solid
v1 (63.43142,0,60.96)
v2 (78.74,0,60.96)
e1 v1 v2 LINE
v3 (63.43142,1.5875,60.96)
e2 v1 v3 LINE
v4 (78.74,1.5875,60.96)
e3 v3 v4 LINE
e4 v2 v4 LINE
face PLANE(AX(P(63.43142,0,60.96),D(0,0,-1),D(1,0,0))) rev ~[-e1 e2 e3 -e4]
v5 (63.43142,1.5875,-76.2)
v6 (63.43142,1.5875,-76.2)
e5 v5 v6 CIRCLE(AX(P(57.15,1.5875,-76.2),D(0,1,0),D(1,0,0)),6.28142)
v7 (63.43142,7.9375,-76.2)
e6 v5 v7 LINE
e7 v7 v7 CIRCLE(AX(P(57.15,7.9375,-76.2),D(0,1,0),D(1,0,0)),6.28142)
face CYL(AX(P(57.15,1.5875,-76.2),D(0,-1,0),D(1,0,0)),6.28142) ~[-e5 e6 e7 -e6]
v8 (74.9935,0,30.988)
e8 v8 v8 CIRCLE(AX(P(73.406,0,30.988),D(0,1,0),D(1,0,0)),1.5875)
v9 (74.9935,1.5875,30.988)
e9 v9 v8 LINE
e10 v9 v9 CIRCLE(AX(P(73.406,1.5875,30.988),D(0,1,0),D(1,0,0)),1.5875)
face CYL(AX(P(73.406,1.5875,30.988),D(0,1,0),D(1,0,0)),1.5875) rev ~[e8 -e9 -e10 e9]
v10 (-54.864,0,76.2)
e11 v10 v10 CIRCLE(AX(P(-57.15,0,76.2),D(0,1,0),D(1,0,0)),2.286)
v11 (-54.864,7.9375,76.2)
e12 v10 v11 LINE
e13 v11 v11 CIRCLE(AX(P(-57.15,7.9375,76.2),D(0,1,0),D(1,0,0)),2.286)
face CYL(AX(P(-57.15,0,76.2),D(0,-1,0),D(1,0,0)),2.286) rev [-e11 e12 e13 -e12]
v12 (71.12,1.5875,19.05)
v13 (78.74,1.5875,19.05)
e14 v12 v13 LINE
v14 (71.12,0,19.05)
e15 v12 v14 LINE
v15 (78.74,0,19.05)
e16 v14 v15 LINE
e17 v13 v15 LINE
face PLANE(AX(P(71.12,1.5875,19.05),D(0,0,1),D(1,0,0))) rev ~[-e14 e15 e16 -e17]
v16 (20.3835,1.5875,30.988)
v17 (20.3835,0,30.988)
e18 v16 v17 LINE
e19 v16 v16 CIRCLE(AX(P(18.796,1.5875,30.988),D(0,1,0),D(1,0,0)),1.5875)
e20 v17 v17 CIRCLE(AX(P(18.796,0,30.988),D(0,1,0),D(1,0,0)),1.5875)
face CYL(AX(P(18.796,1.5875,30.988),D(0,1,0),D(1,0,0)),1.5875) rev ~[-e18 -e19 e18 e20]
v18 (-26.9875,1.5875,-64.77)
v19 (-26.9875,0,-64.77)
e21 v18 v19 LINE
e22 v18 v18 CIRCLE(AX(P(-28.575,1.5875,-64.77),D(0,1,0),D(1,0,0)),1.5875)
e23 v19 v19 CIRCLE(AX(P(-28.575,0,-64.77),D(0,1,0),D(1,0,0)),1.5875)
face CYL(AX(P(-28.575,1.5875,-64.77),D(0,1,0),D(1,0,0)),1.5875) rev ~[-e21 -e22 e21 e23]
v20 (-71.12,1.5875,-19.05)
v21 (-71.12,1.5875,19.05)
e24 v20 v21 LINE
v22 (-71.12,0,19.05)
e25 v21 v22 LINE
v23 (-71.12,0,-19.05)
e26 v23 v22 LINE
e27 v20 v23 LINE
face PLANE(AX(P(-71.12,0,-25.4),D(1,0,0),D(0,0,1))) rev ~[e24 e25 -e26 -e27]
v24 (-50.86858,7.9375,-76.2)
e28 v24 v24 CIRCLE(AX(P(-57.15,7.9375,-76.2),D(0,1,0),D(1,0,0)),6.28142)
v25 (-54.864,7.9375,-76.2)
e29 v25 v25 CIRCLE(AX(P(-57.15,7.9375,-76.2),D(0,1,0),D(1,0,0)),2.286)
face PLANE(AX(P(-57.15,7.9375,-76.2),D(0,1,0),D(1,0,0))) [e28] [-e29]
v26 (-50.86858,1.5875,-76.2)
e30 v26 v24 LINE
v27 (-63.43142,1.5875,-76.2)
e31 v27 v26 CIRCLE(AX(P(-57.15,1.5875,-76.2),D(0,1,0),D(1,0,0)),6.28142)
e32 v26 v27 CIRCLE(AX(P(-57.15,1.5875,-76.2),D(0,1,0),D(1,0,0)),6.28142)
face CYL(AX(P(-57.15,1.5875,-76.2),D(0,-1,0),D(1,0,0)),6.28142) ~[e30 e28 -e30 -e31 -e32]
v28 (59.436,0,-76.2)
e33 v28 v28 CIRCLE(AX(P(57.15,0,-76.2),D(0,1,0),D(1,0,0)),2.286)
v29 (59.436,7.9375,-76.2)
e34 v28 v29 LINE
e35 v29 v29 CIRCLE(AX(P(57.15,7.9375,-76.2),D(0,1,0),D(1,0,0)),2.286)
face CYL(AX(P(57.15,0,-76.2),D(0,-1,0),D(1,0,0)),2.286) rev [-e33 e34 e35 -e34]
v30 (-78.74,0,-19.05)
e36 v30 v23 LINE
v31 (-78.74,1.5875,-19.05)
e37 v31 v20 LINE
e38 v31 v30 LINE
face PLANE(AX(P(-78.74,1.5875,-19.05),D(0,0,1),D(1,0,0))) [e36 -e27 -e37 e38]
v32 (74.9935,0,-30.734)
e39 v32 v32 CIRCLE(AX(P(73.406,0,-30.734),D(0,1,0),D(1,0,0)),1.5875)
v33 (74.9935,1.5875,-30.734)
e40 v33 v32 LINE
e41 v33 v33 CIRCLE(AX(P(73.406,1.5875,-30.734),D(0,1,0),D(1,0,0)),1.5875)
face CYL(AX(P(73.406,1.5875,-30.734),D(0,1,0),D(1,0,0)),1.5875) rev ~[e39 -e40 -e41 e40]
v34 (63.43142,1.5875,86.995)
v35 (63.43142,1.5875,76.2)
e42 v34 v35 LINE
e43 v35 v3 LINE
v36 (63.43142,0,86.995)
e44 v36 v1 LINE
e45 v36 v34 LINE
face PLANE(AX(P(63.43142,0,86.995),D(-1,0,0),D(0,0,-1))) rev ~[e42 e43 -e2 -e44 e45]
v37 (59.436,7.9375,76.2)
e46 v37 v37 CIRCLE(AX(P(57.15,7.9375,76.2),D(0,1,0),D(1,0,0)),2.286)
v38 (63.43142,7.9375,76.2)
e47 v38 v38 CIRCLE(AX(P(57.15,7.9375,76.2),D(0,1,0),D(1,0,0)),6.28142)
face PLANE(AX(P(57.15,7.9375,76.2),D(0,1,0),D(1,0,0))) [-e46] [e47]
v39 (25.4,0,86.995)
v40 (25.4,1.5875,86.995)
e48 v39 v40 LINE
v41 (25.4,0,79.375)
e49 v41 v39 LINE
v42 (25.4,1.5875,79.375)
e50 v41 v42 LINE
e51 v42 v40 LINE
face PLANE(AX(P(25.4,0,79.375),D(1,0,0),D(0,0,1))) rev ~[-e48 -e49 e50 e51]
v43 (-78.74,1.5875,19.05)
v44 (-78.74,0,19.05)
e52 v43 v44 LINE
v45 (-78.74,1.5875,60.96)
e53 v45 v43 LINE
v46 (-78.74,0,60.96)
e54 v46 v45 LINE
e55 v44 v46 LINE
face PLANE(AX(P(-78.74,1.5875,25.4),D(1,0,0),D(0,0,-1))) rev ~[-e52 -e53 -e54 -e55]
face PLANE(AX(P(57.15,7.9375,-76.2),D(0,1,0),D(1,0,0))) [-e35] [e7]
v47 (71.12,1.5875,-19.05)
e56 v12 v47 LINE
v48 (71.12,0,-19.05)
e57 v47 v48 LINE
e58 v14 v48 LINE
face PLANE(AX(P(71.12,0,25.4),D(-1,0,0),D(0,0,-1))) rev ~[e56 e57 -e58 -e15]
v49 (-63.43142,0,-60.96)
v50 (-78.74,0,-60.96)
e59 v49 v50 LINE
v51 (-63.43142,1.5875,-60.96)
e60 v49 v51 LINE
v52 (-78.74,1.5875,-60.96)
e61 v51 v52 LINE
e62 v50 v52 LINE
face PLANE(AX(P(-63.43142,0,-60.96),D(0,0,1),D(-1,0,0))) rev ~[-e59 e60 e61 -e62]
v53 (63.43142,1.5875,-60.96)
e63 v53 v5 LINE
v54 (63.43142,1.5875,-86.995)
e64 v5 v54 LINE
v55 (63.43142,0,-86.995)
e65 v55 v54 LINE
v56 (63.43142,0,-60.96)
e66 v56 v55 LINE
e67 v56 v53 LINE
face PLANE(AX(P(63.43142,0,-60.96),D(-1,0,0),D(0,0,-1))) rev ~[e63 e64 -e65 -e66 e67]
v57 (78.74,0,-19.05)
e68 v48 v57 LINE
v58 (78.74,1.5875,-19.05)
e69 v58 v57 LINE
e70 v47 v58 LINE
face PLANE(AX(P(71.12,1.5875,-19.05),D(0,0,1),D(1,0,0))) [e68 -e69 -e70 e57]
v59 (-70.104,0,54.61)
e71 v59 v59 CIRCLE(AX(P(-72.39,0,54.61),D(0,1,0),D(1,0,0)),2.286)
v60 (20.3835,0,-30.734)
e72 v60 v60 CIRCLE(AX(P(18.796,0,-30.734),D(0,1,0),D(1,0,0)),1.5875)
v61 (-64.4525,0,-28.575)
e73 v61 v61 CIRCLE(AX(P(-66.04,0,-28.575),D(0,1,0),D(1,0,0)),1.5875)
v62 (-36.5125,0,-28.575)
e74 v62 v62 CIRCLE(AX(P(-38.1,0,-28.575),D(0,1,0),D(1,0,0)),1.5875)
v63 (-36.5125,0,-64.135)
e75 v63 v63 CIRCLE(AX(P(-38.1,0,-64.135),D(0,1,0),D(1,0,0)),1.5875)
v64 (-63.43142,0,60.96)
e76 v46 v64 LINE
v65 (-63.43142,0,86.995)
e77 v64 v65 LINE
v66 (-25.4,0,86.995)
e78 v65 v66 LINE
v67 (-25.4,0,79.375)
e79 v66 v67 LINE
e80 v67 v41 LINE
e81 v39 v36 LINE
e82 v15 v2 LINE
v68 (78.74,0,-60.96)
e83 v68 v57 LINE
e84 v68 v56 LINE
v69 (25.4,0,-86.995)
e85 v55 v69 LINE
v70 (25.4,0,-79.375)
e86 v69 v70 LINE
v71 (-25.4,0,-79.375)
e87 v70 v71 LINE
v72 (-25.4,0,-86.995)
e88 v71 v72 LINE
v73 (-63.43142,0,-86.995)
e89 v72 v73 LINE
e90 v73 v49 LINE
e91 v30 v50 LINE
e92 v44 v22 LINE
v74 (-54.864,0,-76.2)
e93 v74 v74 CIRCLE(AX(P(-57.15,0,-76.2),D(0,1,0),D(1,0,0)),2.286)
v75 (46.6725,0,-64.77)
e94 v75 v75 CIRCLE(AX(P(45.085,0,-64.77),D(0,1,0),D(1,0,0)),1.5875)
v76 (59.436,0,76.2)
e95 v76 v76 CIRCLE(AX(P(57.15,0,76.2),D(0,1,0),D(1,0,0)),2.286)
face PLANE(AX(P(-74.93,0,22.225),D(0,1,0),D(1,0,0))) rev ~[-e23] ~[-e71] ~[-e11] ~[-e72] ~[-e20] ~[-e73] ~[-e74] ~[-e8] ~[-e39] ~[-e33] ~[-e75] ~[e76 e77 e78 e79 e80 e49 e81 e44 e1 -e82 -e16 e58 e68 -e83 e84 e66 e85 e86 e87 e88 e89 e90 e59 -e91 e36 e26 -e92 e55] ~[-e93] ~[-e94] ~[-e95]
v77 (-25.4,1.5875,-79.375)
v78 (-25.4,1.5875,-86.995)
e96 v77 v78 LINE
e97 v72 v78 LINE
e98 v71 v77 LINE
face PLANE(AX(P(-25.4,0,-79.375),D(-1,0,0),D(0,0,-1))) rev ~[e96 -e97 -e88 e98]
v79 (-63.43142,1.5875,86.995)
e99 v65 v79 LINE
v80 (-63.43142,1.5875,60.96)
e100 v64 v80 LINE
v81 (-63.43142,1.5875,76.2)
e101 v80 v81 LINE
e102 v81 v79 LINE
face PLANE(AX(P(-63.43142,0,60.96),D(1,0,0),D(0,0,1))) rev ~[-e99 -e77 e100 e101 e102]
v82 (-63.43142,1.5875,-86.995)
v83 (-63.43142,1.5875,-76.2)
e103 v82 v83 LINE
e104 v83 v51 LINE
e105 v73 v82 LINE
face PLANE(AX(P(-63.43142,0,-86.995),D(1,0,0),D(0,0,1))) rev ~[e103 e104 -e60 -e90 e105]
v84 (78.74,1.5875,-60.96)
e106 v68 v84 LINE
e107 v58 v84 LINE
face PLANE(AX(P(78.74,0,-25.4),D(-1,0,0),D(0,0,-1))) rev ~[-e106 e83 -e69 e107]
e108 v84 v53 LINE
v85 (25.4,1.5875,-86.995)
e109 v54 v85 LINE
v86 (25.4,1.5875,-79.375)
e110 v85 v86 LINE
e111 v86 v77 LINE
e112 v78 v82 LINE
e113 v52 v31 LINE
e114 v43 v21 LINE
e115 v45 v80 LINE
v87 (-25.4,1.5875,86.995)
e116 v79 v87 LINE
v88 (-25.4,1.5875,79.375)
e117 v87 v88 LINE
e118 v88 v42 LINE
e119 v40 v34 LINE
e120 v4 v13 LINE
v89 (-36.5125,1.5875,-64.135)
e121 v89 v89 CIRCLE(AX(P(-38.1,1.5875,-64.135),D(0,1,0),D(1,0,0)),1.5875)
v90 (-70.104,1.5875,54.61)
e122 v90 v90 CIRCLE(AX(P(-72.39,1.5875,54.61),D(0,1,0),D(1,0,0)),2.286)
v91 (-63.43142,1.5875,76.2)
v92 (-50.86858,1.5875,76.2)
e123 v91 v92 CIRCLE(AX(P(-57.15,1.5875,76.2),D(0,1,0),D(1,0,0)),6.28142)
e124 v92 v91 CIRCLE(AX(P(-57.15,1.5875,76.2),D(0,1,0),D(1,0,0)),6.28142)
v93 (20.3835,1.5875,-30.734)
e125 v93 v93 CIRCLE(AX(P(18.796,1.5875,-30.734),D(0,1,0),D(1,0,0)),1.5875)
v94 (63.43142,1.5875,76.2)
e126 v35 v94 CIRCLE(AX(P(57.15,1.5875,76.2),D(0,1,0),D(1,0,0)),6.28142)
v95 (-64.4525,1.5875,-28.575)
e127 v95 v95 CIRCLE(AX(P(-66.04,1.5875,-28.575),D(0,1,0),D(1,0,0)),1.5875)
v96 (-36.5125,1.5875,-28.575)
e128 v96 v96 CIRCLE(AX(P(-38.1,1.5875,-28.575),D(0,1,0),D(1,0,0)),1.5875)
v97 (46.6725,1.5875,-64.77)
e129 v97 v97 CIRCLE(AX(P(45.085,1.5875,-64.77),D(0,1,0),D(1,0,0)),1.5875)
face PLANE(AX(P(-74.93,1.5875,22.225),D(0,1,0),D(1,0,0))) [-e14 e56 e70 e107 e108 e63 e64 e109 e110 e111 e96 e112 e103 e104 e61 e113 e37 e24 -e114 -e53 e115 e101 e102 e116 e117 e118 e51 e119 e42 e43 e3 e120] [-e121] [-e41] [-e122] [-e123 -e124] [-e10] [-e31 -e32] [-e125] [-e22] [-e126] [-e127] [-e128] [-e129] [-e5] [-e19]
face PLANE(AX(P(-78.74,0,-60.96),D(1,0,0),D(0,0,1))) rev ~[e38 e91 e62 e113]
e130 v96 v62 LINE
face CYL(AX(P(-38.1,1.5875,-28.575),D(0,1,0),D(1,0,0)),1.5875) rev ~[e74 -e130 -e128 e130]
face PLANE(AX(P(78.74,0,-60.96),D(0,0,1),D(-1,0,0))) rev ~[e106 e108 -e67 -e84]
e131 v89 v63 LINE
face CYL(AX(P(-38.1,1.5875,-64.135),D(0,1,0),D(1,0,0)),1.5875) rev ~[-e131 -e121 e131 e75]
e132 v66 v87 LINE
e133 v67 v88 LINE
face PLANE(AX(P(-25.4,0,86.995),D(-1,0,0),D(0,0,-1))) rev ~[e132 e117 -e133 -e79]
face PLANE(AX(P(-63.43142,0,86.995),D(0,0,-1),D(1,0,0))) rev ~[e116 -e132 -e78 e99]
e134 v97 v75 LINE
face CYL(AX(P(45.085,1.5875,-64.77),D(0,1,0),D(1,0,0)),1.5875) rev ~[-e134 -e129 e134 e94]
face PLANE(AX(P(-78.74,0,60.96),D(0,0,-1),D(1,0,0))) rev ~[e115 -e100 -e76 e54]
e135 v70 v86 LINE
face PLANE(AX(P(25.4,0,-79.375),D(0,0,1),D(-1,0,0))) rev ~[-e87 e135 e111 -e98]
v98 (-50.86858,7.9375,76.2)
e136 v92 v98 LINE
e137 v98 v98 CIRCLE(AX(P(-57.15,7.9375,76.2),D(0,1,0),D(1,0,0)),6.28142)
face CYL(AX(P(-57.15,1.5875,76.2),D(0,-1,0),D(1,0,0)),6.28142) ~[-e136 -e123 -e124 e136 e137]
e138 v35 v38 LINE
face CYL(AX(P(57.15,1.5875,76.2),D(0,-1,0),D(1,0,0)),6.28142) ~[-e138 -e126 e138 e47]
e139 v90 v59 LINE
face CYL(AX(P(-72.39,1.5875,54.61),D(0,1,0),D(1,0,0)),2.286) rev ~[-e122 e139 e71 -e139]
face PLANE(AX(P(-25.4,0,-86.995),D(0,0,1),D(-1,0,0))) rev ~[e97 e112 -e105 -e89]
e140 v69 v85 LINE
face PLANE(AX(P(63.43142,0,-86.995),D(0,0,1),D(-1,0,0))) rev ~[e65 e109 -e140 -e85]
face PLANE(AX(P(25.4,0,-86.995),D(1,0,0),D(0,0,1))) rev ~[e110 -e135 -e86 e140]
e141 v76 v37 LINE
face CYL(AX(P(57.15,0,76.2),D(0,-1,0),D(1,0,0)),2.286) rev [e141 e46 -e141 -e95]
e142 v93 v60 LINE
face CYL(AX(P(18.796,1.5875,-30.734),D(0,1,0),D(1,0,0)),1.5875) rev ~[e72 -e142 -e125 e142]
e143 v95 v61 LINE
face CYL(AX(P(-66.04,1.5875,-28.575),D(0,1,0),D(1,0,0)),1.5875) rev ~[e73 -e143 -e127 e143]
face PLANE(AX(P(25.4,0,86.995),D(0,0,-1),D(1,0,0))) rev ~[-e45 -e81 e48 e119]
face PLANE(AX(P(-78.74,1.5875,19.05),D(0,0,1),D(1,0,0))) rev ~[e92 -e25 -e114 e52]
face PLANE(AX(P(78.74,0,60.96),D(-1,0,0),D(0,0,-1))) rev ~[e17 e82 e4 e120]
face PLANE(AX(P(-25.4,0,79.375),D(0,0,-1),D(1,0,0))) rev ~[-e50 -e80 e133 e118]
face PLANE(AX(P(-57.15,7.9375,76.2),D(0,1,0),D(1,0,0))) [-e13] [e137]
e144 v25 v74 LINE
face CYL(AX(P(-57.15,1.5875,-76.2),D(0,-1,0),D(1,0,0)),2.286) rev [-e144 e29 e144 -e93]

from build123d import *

# Parameters (mm, degrees)
SKETCH1_R            = 2.286
MAIN_BODY_DEPTH      = 1.5875
SKETCH13_R           = 6.28142
SKETCH13_R_2         = 2.286
BOSS_EXTRUDE9_DEPTH  = 6.35
CUT_EXTRUDE3_REACH   = 3.587
SKETCH5_R            = 1.5875
SKETCH5_R_2          = 2.286
SKETCH14_W           = 7.62
SKETCH14_H           = 6.35
BOSS_EXTRUDE10_DEPTH = 1.5875


with BuildPart() as part:
    # Sketch1 → Main Body (new body)
    with BuildSketch(Plane(origin=(0, 0, 0), x_dir=(1, 0, 0), z_dir=(0, 1, 0))):
        Polygon((-25.4, 86.995), (-63.43142, 86.995), (-63.43142, 60.96), (-78.74, 60.96), (-78.74, 25.4), (-71.12, 25.4), (-71.12, -25.4), (-78.74, -25.4), (-78.74, -60.96), (-63.43142, -60.96), (-63.43142, -86.995), (-25.4, -86.995), (-25.4, -79.375), (25.4, -79.375), (25.4, -86.995), (63.43142, -86.995), (63.43142, -60.96), (78.74, -60.96), (78.74, -25.4), (71.12, -25.4), (71.12, 25.4), (78.74, 25.4), (78.74, 60.96), (63.43142, 60.96), (63.43142, 86.995), (25.4, 86.995), (25.4, 79.375), (-25.4, 79.375), align=None)
        with Locations((-57.15, 76.2)):
            Circle(SKETCH1_R, mode=Mode.SUBTRACT)
        with Locations((57.15, 76.2)):
            Circle(SKETCH1_R, mode=Mode.SUBTRACT)
        with Locations((57.15, -76.2)):
            Circle(SKETCH1_R, mode=Mode.SUBTRACT)
        with Locations((-57.15, -76.2)):
            Circle(SKETCH1_R, mode=Mode.SUBTRACT)
    extrude(amount=MAIN_BODY_DEPTH)

    # Sketch13 → Boss-Extrude9 (add)
    with BuildSketch(Plane(origin=(0, 1.5875, 0), x_dir=(1, 0, 0), z_dir=(0, 1, 0))):
        with Locations((-57.15, 76.2)):
            Circle(SKETCH13_R)
        with Locations((-57.15, 76.2)):
            Circle(SKETCH13_R_2, mode=Mode.SUBTRACT)
        with Locations((-57.15, -76.2)):
            Circle(SKETCH13_R)
        with Locations((-57.15, -76.2)):
            Circle(SKETCH13_R_2, mode=Mode.SUBTRACT)
        with Locations((57.15, -76.2)):
            Circle(SKETCH13_R)
        with Locations((57.15, -76.2)):
            Circle(SKETCH13_R_2, mode=Mode.SUBTRACT)
        with Locations((57.15, 76.2)):
            Circle(SKETCH13_R)
        with Locations((57.15, 76.2)):
            Circle(SKETCH13_R_2, mode=Mode.SUBTRACT)
    extrude(amount=BOSS_EXTRUDE9_DEPTH)

    # Sketch5 → Cut-Extrude3 (cut, up to next)
    with BuildSketch(Plane(origin=(0, 1.5875, 0), x_dir=(1, 0, 0), z_dir=(0, 1, 0)), mode=Mode.PRIVATE) as cut_extrude3_sk1:
        with Locations((18.796, 30.734)):
            Circle(SKETCH5_R)
    cut_extrude3_tool1 = extrude(cut_extrude3_sk1.sketch, amount=-CUT_EXTRUDE3_REACH, mode=Mode.PRIVATE) & part.part
    add(cut_extrude3_tool1.solids().sort_by_distance((18.796, 1.5875, -30.734))[0], mode=Mode.SUBTRACT)
    # Sketch5 → Cut-Extrude3 (cut, up to next)
    with BuildSketch(Plane(origin=(0, 1.5875, 0), x_dir=(1, 0, 0), z_dir=(0, 1, 0)), mode=Mode.PRIVATE) as cut_extrude3_sk2:
        with Locations((73.406, 30.734)):
            Circle(SKETCH5_R)
    cut_extrude3_tool2 = extrude(cut_extrude3_sk2.sketch, amount=-CUT_EXTRUDE3_REACH, mode=Mode.PRIVATE) & part.part
    add(cut_extrude3_tool2.solids().sort_by_distance((73.406, 1.5875, -30.734))[0], mode=Mode.SUBTRACT)
    # Sketch5 → Cut-Extrude3 (cut, up to next)
    with BuildSketch(Plane(origin=(0, 1.5875, 0), x_dir=(1, 0, 0), z_dir=(0, 1, 0)), mode=Mode.PRIVATE) as cut_extrude3_sk3:
        with Locations((73.406, -30.988)):
            Circle(SKETCH5_R)
    cut_extrude3_tool3 = extrude(cut_extrude3_sk3.sketch, amount=-CUT_EXTRUDE3_REACH, mode=Mode.PRIVATE) & part.part
    add(cut_extrude3_tool3.solids().sort_by_distance((73.406, 1.5875, 30.988))[0], mode=Mode.SUBTRACT)
    # Sketch5 → Cut-Extrude3 (cut, up to next)
    with BuildSketch(Plane(origin=(0, 1.5875, 0), x_dir=(1, 0, 0), z_dir=(0, 1, 0)), mode=Mode.PRIVATE) as cut_extrude3_sk4:
        with Locations((18.796, -30.988)):
            Circle(SKETCH5_R)
    cut_extrude3_tool4 = extrude(cut_extrude3_sk4.sketch, amount=-CUT_EXTRUDE3_REACH, mode=Mode.PRIVATE) & part.part
    add(cut_extrude3_tool4.solids().sort_by_distance((18.796, 1.5875, 30.988))[0], mode=Mode.SUBTRACT)
    # Sketch5 → Cut-Extrude3 (cut, up to next)
    with BuildSketch(Plane(origin=(0, 1.5875, 0), x_dir=(1, 0, 0), z_dir=(0, 1, 0)), mode=Mode.PRIVATE) as cut_extrude3_sk5:
        with Locations((-28.575, 64.77)):
            Circle(SKETCH5_R)
    cut_extrude3_tool5 = extrude(cut_extrude3_sk5.sketch, amount=-CUT_EXTRUDE3_REACH, mode=Mode.PRIVATE) & part.part
    add(cut_extrude3_tool5.solids().sort_by_distance((-28.575, 1.5875, -64.77))[0], mode=Mode.SUBTRACT)
    # Sketch5 → Cut-Extrude3 (cut, up to next)
    with BuildSketch(Plane(origin=(0, 1.5875, 0), x_dir=(1, 0, 0), z_dir=(0, 1, 0)), mode=Mode.PRIVATE) as cut_extrude3_sk6:
        with Locations((45.085, 64.77)):
            Circle(SKETCH5_R)
    cut_extrude3_tool6 = extrude(cut_extrude3_sk6.sketch, amount=-CUT_EXTRUDE3_REACH, mode=Mode.PRIVATE) & part.part
    add(cut_extrude3_tool6.solids().sort_by_distance((45.085, 1.5875, -64.77))[0], mode=Mode.SUBTRACT)
    # Sketch5 → Cut-Extrude3 (cut, up to next)
    with BuildSketch(Plane(origin=(0, 1.5875, 0), x_dir=(1, 0, 0), z_dir=(0, 1, 0)), mode=Mode.PRIVATE) as cut_extrude3_sk7:
        with Locations((-66.04, 28.575)):
            Circle(SKETCH5_R)
    cut_extrude3_tool7 = extrude(cut_extrude3_sk7.sketch, amount=-CUT_EXTRUDE3_REACH, mode=Mode.PRIVATE) & part.part
    add(cut_extrude3_tool7.solids().sort_by_distance((-66.04, 1.5875, -28.575))[0], mode=Mode.SUBTRACT)
    # Sketch5 → Cut-Extrude3 (cut, up to next)
    with BuildSketch(Plane(origin=(0, 1.5875, 0), x_dir=(1, 0, 0), z_dir=(0, 1, 0)), mode=Mode.PRIVATE) as cut_extrude3_sk8:
        with Locations((-38.1, 64.135)):
            Circle(SKETCH5_R)
    cut_extrude3_tool8 = extrude(cut_extrude3_sk8.sketch, amount=-CUT_EXTRUDE3_REACH, mode=Mode.PRIVATE) & part.part
    add(cut_extrude3_tool8.solids().sort_by_distance((-38.1, 1.5875, -64.135))[0], mode=Mode.SUBTRACT)
    # Sketch5 → Cut-Extrude3 (cut, up to next)
    with BuildSketch(Plane(origin=(0, 1.5875, 0), x_dir=(1, 0, 0), z_dir=(0, 1, 0)), mode=Mode.PRIVATE) as cut_extrude3_sk9:
        with Locations((-38.1, 28.575)):
            Circle(SKETCH5_R)
    cut_extrude3_tool9 = extrude(cut_extrude3_sk9.sketch, amount=-CUT_EXTRUDE3_REACH, mode=Mode.PRIVATE) & part.part
    add(cut_extrude3_tool9.solids().sort_by_distance((-38.1, 1.5875, -28.575))[0], mode=Mode.SUBTRACT)
    # Sketch5 → Cut-Extrude3 (cut, up to next)
    with BuildSketch(Plane(origin=(0, 1.5875, 0), x_dir=(1, 0, 0), z_dir=(0, 1, 0)), mode=Mode.PRIVATE) as cut_extrude3_sk10:
        with Locations((-72.39, -54.61)):
            Circle(SKETCH5_R_2)
    cut_extrude3_tool10 = extrude(cut_extrude3_sk10.sketch, amount=-CUT_EXTRUDE3_REACH, mode=Mode.PRIVATE) & part.part
    add(cut_extrude3_tool10.solids().sort_by_distance((-72.39, 1.5875, 54.61))[0], mode=Mode.SUBTRACT)

    # Sketch14 → Boss-Extrude10 (add)
    with BuildSketch(Plane(origin=(0, 1.5875, 0), x_dir=(1, 0, 0), z_dir=(0, 1, 0))):
        with Locations((-74.93, -22.225)):
            Rectangle(SKETCH14_W, SKETCH14_H)
        with Locations((-74.93, 22.225)):
            Rectangle(SKETCH14_W, SKETCH14_H)
        with Locations((74.93, -22.225)):
            Rectangle(SKETCH14_W, SKETCH14_H)
        with Locations((74.93, 22.225)):
            Rectangle(SKETCH14_W, SKETCH14_H)
    extrude(amount=-BOSS_EXTRUDE10_DEPTH)


solid = part.part
